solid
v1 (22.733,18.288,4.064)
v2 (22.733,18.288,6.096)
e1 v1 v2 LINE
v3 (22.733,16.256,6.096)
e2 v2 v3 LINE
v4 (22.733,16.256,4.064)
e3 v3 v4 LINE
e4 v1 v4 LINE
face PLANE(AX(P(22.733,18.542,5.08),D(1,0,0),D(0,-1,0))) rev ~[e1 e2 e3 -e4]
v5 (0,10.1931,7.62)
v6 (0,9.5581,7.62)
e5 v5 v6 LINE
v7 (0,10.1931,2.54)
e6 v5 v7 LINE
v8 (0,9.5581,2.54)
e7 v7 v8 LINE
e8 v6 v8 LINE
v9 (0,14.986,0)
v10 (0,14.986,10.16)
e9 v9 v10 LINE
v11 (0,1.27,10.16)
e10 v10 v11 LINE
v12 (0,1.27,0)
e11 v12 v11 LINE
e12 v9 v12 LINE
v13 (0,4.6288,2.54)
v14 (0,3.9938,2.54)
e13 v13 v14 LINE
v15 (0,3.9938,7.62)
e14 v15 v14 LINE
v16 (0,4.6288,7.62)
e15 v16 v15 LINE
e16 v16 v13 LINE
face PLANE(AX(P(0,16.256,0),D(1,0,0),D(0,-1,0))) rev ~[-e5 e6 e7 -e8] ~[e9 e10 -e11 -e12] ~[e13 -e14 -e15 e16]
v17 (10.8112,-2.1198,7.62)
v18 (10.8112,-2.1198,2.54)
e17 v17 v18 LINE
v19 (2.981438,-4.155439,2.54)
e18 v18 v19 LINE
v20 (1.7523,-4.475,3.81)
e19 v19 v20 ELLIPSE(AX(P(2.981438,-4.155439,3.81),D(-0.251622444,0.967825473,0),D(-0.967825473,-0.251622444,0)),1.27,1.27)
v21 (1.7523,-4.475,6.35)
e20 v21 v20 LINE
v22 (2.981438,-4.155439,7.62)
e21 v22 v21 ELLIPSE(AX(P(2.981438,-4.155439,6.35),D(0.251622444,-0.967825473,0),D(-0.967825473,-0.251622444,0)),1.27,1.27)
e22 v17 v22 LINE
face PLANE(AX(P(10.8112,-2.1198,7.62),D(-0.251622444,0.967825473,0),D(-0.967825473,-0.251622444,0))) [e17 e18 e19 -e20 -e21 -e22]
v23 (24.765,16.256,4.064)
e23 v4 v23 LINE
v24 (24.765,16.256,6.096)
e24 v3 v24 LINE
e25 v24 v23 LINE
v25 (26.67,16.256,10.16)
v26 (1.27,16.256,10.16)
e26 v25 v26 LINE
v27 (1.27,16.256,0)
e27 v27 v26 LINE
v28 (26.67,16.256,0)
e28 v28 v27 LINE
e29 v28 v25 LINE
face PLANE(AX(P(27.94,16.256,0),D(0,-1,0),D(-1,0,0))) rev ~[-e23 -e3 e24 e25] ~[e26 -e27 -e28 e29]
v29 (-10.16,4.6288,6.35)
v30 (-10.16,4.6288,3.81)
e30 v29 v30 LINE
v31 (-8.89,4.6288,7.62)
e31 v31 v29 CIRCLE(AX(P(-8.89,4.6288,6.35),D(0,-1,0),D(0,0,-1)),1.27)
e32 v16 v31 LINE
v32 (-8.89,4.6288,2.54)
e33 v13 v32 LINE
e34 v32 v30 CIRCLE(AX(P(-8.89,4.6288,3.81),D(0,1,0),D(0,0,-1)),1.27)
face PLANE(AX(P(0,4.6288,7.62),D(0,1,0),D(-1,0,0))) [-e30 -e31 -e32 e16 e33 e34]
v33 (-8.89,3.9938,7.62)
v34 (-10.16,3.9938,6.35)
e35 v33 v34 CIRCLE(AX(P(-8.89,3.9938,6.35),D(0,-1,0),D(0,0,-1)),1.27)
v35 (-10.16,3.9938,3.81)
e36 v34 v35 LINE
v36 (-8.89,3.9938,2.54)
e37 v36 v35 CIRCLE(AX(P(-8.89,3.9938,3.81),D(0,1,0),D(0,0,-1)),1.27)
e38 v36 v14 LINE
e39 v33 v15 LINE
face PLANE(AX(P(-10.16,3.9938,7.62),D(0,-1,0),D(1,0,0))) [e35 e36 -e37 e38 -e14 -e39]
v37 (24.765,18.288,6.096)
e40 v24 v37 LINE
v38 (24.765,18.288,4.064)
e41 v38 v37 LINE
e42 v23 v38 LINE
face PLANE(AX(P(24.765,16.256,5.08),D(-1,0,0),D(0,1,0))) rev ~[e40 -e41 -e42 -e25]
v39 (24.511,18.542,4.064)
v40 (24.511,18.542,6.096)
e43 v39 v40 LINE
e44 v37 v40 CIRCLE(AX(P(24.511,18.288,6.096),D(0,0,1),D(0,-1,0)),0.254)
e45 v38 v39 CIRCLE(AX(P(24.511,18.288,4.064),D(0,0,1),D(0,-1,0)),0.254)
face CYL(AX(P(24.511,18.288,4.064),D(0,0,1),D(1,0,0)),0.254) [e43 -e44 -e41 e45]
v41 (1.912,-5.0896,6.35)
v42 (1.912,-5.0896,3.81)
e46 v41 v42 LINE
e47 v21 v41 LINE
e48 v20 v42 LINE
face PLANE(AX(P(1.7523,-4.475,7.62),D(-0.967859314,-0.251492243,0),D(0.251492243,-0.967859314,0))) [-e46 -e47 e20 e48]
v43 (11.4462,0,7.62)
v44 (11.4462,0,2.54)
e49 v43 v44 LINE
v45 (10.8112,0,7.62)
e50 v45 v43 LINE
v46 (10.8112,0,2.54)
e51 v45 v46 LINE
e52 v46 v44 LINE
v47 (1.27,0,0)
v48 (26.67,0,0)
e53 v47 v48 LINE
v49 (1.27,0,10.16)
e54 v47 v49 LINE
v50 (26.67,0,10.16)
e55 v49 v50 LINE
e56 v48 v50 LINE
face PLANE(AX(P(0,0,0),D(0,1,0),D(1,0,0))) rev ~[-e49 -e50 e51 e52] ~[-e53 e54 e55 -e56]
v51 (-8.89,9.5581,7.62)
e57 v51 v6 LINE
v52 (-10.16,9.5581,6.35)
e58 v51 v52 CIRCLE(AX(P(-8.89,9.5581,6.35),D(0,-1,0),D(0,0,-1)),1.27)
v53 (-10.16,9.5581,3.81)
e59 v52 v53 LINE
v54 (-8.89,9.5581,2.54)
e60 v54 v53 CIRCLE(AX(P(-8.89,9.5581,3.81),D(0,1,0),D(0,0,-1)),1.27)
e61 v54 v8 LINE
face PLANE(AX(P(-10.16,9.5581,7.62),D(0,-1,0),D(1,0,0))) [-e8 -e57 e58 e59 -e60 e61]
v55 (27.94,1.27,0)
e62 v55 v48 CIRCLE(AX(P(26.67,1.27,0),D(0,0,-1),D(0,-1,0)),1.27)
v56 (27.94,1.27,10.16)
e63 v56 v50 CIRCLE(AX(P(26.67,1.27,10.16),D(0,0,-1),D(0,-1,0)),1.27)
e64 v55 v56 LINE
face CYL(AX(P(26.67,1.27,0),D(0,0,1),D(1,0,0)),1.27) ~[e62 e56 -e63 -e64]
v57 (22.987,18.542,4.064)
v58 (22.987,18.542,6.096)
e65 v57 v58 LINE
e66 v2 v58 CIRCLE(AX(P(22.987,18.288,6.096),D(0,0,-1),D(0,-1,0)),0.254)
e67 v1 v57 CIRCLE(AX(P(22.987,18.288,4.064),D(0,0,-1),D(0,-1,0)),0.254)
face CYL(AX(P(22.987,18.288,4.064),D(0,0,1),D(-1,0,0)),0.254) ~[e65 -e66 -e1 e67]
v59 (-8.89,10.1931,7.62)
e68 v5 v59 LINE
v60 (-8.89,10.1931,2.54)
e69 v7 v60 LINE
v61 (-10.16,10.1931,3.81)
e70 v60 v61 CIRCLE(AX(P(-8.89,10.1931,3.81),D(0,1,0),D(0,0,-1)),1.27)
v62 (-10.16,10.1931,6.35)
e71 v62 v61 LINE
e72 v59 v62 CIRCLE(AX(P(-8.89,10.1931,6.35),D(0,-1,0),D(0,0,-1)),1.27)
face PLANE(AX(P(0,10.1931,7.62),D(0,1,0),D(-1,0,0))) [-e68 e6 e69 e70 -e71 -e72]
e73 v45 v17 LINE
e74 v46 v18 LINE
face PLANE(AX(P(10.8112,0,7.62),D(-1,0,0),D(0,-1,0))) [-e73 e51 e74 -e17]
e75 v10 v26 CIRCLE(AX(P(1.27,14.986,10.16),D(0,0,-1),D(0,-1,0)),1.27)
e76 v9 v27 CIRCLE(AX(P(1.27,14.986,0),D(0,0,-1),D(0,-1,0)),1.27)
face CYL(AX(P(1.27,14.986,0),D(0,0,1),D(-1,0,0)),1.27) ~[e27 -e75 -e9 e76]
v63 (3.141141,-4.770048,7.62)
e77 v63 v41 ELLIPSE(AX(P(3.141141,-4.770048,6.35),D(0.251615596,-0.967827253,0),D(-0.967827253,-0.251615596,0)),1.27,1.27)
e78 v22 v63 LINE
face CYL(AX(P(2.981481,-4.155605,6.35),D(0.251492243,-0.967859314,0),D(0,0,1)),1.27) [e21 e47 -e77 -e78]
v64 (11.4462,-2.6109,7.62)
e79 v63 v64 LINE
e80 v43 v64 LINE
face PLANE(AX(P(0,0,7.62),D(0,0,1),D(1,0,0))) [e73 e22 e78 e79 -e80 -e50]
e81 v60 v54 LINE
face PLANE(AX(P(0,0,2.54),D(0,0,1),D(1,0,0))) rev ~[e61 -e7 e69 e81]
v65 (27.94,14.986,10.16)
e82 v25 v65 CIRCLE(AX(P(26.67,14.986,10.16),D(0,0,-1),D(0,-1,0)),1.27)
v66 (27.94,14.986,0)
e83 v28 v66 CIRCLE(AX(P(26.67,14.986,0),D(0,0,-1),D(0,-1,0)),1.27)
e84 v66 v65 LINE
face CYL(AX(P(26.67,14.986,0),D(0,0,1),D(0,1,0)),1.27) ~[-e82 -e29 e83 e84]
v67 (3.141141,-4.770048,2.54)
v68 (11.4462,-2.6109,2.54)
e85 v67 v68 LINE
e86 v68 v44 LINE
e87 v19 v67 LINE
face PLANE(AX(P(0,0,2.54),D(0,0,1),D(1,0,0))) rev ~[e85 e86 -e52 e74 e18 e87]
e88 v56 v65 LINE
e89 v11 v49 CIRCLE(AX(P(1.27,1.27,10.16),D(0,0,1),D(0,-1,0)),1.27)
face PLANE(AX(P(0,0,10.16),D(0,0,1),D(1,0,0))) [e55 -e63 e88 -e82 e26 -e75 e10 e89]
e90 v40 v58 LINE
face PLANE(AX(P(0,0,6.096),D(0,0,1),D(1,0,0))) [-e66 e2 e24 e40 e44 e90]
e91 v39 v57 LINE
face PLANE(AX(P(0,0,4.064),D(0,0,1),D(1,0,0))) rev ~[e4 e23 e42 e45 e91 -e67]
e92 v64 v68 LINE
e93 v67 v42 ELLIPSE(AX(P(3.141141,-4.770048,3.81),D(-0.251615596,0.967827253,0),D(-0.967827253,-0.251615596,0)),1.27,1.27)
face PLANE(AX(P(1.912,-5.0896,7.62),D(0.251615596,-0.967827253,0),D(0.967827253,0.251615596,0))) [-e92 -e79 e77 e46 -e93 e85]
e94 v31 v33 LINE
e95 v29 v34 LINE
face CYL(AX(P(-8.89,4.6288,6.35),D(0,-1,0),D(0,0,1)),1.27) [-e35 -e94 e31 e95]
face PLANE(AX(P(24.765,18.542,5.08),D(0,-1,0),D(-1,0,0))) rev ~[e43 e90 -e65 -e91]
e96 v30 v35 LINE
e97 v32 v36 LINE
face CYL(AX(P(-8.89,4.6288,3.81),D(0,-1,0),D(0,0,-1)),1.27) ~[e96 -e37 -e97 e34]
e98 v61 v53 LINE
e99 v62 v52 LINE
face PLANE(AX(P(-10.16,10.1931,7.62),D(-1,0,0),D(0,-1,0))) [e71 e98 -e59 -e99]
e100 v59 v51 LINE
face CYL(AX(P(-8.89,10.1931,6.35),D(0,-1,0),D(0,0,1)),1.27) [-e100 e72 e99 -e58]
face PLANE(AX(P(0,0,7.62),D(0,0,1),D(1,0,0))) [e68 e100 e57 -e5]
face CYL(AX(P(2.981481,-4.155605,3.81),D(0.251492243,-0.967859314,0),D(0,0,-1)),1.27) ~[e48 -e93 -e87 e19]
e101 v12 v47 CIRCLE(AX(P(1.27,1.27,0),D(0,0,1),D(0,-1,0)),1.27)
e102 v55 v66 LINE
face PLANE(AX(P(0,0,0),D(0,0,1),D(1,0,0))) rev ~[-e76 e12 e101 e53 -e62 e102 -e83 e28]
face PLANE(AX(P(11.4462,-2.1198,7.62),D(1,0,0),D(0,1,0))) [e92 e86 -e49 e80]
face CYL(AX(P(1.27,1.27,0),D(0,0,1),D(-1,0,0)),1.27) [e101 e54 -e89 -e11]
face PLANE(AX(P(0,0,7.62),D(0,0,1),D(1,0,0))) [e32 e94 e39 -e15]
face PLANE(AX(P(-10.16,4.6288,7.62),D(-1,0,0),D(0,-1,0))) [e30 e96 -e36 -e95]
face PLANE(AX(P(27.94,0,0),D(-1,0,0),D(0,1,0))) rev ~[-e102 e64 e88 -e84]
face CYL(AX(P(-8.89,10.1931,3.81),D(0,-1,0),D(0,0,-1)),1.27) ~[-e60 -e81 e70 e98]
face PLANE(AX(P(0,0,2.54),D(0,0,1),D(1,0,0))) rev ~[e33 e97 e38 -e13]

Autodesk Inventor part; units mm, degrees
ref_plane "YZ Plane" through (0, 0, 0) normal (1, 0, 0) x (0, 1, 0)
sketch "Sketch1" plane through (0, 0, 0) normal (0, 0, 1) x (1, 0, 0)
  line L0 (0, 0) -> (27.94, 0)
  line L1 (27.94, 0) -> (27.94, 16.256)
  line L2 (27.94, 16.256) -> (0, 16.256)
  line L3 (0, 16.256) -> (0, 0)
  dimension "d0" = 27.94
  dimension "d1" = 16.256
extrude "Extrusion1" add sketch "Sketch1" along normal blind 10.16
fillet "Fillet1" radius 1.27 4 edges at (0, 16.256, 5.08) (27.94, 16.256, 5.08) (27.94, 0, 5.08) (0, 0, 5.08)
sketch "Sketch3" plane through (0, 0, 10.16) normal (0, 0, 1) x (1, 0, 0)
  arc A0 (0, 1.27) -> (1.27, 0) centre (1.27, 1.27) ccw projected
  line L0 (1.27, 0) -> (26.67, 0) projected
  arc A1 (26.67, 0) -> (27.94, 1.27) centre (26.67, 1.27) ccw projected
  line L1 (27.94, 1.27) -> (27.94, 14.986) projected
  arc A2 (27.94, 14.986) -> (26.67, 16.256) centre (26.67, 14.986) ccw projected
  line L2 (26.67, 16.256) -> (1.27, 16.256) projected
  arc A3 (1.27, 16.256) -> (0, 14.986) centre (1.27, 14.986) ccw projected
  line L3 (0, 14.986) -> (0, 1.27) projected
  line L4 (26.67, 16.256) -> (1.27, 16.256) projected
  line L5 (24.765, 16.256) -> (24.765, 18.542)
  line L6 (24.765, 18.542) -> (22.733, 18.542)
  line L7 (22.733, 18.542) -> (22.733, 16.256)
  point P0 (0, 0)
  dimension "d12" = 2.286
  dimension "d13" = 2.032
  dimension "d14" = 3.175
ref_plane "Work Plane1" through (0, 0, 5.08) normal (0, 0, 1) x (1, 0, 0)
sketch "Sketch4" plane through (0, 0, 5.08) normal (0, 0, 1) x (1, 0, 0)
  line L0 (24.765, 18.542) -> (22.733, 18.542) projected
  line L1 (22.733, 18.542) -> (22.733, 16.256) projected
  line L2 (24.765, 16.256) -> (24.765, 18.542) projected
  line L3 (22.733, 16.256) -> (24.765, 16.256)
  line L4 (26.67, 16.256) -> (1.27, 16.256) projected
  point P0 (0, 0)
extrude "Extrusion3" add sketch "Sketch4" along normal mid plane 2.032
fillet "Fillet2" radius 0.254 2 edges at (24.765, 18.542, 5.08) (22.733, 18.542, 5.08)
ref_plane "Work Plane2" through (0, 0, 7.62) normal (0, 0, 1) x (1, 0, 0)
sketch "Sketch5" plane through (0, 0, 7.62) normal (0, 0, 1) x (1, 0, 0)
  arc A0 (0, 1.27) -> (1.27, 0) centre (1.27, 1.27) ccw projected
  line L0 (1.27, 0) -> (26.67, 0) projected
  arc A1 (26.67, 0) -> (27.94, 1.27) centre (26.67, 1.27) ccw projected
  line L1 (27.94, 1.27) -> (27.94, 14.986) projected
  arc A2 (27.94, 14.986) -> (26.67, 16.256) centre (26.67, 14.986) ccw projected
  line L2 (26.67, 16.256) -> (1.27, 16.256) projected
  arc A3 (1.27, 16.256) -> (0, 14.986) centre (1.27, 14.986) ccw projected
  line L3 (0, 14.986) -> (0, 1.27) projected
  line L4 (0, 14.986) -> (0, 1.27) projected
  line L5 (0, 10.1931) -> (-10.16, 10.1931)
  line L6 (-10.16, 10.1931) -> (-10.16, 9.5581)
  line L7 (-10.16, 9.5581) -> (0, 9.5581)
  line L8 (0, 9.5581) -> (0, 10.1931)
  line L9 (0, 4.6288) -> (-10.16, 4.6288)
  line L10 (-10.16, 4.6288) -> (-10.16, 3.9938)
  line L11 (-10.16, 3.9938) -> (0, 3.9938)
  line L12 (0, 3.9938) -> (0, 4.6288)
  line L13 (11.4462, 0) -> (10.8112, 0)
  line L14 (10.8112, 0) -> (10.8112, -2.1198)
  line L15 (10.8112, -2.1198) -> (11.4462, -2.1198)
  line L16 (11.4462, -2.1198) -> (11.4462, 0)
  line L17 (10.8112, -2.1198) -> (1.7523, -4.475)
  line L18 (1.7523, -4.475) -> (1.912, -5.0896)
  line L19 (1.912, -5.0896) -> (11.4462, -2.6109)
  line L20 (11.4462, -2.6109) -> (11.4462, -2.1198)
  point P0 (0, 0)
  dimension "d19" = 10.16
  dimension "d20" = 0.635
  dimension "d21" = 0.635
  dimension "d22" = 0.635
extrude "Extrusion4" add sketch "Sketch5" against normal blind 5.08 contours L11 L10 L9 L3 | L0 L16 L15 L14 | L15 L20 L19 L18 L17 | L7 L6 L5 L3
fillet "Fillet3" radius 1.27 6 edges at (-10.16, 4.3113, 7.62) (-10.16, 9.8756, 7.62) (-10.16, 4.3113, 2.54) (-10.16, 9.8756, 2.54) (1.8322, -4.7823, 7.62) (1.8322, -4.7823, 2.54)
properties part number "LIMIT SWITCH"
